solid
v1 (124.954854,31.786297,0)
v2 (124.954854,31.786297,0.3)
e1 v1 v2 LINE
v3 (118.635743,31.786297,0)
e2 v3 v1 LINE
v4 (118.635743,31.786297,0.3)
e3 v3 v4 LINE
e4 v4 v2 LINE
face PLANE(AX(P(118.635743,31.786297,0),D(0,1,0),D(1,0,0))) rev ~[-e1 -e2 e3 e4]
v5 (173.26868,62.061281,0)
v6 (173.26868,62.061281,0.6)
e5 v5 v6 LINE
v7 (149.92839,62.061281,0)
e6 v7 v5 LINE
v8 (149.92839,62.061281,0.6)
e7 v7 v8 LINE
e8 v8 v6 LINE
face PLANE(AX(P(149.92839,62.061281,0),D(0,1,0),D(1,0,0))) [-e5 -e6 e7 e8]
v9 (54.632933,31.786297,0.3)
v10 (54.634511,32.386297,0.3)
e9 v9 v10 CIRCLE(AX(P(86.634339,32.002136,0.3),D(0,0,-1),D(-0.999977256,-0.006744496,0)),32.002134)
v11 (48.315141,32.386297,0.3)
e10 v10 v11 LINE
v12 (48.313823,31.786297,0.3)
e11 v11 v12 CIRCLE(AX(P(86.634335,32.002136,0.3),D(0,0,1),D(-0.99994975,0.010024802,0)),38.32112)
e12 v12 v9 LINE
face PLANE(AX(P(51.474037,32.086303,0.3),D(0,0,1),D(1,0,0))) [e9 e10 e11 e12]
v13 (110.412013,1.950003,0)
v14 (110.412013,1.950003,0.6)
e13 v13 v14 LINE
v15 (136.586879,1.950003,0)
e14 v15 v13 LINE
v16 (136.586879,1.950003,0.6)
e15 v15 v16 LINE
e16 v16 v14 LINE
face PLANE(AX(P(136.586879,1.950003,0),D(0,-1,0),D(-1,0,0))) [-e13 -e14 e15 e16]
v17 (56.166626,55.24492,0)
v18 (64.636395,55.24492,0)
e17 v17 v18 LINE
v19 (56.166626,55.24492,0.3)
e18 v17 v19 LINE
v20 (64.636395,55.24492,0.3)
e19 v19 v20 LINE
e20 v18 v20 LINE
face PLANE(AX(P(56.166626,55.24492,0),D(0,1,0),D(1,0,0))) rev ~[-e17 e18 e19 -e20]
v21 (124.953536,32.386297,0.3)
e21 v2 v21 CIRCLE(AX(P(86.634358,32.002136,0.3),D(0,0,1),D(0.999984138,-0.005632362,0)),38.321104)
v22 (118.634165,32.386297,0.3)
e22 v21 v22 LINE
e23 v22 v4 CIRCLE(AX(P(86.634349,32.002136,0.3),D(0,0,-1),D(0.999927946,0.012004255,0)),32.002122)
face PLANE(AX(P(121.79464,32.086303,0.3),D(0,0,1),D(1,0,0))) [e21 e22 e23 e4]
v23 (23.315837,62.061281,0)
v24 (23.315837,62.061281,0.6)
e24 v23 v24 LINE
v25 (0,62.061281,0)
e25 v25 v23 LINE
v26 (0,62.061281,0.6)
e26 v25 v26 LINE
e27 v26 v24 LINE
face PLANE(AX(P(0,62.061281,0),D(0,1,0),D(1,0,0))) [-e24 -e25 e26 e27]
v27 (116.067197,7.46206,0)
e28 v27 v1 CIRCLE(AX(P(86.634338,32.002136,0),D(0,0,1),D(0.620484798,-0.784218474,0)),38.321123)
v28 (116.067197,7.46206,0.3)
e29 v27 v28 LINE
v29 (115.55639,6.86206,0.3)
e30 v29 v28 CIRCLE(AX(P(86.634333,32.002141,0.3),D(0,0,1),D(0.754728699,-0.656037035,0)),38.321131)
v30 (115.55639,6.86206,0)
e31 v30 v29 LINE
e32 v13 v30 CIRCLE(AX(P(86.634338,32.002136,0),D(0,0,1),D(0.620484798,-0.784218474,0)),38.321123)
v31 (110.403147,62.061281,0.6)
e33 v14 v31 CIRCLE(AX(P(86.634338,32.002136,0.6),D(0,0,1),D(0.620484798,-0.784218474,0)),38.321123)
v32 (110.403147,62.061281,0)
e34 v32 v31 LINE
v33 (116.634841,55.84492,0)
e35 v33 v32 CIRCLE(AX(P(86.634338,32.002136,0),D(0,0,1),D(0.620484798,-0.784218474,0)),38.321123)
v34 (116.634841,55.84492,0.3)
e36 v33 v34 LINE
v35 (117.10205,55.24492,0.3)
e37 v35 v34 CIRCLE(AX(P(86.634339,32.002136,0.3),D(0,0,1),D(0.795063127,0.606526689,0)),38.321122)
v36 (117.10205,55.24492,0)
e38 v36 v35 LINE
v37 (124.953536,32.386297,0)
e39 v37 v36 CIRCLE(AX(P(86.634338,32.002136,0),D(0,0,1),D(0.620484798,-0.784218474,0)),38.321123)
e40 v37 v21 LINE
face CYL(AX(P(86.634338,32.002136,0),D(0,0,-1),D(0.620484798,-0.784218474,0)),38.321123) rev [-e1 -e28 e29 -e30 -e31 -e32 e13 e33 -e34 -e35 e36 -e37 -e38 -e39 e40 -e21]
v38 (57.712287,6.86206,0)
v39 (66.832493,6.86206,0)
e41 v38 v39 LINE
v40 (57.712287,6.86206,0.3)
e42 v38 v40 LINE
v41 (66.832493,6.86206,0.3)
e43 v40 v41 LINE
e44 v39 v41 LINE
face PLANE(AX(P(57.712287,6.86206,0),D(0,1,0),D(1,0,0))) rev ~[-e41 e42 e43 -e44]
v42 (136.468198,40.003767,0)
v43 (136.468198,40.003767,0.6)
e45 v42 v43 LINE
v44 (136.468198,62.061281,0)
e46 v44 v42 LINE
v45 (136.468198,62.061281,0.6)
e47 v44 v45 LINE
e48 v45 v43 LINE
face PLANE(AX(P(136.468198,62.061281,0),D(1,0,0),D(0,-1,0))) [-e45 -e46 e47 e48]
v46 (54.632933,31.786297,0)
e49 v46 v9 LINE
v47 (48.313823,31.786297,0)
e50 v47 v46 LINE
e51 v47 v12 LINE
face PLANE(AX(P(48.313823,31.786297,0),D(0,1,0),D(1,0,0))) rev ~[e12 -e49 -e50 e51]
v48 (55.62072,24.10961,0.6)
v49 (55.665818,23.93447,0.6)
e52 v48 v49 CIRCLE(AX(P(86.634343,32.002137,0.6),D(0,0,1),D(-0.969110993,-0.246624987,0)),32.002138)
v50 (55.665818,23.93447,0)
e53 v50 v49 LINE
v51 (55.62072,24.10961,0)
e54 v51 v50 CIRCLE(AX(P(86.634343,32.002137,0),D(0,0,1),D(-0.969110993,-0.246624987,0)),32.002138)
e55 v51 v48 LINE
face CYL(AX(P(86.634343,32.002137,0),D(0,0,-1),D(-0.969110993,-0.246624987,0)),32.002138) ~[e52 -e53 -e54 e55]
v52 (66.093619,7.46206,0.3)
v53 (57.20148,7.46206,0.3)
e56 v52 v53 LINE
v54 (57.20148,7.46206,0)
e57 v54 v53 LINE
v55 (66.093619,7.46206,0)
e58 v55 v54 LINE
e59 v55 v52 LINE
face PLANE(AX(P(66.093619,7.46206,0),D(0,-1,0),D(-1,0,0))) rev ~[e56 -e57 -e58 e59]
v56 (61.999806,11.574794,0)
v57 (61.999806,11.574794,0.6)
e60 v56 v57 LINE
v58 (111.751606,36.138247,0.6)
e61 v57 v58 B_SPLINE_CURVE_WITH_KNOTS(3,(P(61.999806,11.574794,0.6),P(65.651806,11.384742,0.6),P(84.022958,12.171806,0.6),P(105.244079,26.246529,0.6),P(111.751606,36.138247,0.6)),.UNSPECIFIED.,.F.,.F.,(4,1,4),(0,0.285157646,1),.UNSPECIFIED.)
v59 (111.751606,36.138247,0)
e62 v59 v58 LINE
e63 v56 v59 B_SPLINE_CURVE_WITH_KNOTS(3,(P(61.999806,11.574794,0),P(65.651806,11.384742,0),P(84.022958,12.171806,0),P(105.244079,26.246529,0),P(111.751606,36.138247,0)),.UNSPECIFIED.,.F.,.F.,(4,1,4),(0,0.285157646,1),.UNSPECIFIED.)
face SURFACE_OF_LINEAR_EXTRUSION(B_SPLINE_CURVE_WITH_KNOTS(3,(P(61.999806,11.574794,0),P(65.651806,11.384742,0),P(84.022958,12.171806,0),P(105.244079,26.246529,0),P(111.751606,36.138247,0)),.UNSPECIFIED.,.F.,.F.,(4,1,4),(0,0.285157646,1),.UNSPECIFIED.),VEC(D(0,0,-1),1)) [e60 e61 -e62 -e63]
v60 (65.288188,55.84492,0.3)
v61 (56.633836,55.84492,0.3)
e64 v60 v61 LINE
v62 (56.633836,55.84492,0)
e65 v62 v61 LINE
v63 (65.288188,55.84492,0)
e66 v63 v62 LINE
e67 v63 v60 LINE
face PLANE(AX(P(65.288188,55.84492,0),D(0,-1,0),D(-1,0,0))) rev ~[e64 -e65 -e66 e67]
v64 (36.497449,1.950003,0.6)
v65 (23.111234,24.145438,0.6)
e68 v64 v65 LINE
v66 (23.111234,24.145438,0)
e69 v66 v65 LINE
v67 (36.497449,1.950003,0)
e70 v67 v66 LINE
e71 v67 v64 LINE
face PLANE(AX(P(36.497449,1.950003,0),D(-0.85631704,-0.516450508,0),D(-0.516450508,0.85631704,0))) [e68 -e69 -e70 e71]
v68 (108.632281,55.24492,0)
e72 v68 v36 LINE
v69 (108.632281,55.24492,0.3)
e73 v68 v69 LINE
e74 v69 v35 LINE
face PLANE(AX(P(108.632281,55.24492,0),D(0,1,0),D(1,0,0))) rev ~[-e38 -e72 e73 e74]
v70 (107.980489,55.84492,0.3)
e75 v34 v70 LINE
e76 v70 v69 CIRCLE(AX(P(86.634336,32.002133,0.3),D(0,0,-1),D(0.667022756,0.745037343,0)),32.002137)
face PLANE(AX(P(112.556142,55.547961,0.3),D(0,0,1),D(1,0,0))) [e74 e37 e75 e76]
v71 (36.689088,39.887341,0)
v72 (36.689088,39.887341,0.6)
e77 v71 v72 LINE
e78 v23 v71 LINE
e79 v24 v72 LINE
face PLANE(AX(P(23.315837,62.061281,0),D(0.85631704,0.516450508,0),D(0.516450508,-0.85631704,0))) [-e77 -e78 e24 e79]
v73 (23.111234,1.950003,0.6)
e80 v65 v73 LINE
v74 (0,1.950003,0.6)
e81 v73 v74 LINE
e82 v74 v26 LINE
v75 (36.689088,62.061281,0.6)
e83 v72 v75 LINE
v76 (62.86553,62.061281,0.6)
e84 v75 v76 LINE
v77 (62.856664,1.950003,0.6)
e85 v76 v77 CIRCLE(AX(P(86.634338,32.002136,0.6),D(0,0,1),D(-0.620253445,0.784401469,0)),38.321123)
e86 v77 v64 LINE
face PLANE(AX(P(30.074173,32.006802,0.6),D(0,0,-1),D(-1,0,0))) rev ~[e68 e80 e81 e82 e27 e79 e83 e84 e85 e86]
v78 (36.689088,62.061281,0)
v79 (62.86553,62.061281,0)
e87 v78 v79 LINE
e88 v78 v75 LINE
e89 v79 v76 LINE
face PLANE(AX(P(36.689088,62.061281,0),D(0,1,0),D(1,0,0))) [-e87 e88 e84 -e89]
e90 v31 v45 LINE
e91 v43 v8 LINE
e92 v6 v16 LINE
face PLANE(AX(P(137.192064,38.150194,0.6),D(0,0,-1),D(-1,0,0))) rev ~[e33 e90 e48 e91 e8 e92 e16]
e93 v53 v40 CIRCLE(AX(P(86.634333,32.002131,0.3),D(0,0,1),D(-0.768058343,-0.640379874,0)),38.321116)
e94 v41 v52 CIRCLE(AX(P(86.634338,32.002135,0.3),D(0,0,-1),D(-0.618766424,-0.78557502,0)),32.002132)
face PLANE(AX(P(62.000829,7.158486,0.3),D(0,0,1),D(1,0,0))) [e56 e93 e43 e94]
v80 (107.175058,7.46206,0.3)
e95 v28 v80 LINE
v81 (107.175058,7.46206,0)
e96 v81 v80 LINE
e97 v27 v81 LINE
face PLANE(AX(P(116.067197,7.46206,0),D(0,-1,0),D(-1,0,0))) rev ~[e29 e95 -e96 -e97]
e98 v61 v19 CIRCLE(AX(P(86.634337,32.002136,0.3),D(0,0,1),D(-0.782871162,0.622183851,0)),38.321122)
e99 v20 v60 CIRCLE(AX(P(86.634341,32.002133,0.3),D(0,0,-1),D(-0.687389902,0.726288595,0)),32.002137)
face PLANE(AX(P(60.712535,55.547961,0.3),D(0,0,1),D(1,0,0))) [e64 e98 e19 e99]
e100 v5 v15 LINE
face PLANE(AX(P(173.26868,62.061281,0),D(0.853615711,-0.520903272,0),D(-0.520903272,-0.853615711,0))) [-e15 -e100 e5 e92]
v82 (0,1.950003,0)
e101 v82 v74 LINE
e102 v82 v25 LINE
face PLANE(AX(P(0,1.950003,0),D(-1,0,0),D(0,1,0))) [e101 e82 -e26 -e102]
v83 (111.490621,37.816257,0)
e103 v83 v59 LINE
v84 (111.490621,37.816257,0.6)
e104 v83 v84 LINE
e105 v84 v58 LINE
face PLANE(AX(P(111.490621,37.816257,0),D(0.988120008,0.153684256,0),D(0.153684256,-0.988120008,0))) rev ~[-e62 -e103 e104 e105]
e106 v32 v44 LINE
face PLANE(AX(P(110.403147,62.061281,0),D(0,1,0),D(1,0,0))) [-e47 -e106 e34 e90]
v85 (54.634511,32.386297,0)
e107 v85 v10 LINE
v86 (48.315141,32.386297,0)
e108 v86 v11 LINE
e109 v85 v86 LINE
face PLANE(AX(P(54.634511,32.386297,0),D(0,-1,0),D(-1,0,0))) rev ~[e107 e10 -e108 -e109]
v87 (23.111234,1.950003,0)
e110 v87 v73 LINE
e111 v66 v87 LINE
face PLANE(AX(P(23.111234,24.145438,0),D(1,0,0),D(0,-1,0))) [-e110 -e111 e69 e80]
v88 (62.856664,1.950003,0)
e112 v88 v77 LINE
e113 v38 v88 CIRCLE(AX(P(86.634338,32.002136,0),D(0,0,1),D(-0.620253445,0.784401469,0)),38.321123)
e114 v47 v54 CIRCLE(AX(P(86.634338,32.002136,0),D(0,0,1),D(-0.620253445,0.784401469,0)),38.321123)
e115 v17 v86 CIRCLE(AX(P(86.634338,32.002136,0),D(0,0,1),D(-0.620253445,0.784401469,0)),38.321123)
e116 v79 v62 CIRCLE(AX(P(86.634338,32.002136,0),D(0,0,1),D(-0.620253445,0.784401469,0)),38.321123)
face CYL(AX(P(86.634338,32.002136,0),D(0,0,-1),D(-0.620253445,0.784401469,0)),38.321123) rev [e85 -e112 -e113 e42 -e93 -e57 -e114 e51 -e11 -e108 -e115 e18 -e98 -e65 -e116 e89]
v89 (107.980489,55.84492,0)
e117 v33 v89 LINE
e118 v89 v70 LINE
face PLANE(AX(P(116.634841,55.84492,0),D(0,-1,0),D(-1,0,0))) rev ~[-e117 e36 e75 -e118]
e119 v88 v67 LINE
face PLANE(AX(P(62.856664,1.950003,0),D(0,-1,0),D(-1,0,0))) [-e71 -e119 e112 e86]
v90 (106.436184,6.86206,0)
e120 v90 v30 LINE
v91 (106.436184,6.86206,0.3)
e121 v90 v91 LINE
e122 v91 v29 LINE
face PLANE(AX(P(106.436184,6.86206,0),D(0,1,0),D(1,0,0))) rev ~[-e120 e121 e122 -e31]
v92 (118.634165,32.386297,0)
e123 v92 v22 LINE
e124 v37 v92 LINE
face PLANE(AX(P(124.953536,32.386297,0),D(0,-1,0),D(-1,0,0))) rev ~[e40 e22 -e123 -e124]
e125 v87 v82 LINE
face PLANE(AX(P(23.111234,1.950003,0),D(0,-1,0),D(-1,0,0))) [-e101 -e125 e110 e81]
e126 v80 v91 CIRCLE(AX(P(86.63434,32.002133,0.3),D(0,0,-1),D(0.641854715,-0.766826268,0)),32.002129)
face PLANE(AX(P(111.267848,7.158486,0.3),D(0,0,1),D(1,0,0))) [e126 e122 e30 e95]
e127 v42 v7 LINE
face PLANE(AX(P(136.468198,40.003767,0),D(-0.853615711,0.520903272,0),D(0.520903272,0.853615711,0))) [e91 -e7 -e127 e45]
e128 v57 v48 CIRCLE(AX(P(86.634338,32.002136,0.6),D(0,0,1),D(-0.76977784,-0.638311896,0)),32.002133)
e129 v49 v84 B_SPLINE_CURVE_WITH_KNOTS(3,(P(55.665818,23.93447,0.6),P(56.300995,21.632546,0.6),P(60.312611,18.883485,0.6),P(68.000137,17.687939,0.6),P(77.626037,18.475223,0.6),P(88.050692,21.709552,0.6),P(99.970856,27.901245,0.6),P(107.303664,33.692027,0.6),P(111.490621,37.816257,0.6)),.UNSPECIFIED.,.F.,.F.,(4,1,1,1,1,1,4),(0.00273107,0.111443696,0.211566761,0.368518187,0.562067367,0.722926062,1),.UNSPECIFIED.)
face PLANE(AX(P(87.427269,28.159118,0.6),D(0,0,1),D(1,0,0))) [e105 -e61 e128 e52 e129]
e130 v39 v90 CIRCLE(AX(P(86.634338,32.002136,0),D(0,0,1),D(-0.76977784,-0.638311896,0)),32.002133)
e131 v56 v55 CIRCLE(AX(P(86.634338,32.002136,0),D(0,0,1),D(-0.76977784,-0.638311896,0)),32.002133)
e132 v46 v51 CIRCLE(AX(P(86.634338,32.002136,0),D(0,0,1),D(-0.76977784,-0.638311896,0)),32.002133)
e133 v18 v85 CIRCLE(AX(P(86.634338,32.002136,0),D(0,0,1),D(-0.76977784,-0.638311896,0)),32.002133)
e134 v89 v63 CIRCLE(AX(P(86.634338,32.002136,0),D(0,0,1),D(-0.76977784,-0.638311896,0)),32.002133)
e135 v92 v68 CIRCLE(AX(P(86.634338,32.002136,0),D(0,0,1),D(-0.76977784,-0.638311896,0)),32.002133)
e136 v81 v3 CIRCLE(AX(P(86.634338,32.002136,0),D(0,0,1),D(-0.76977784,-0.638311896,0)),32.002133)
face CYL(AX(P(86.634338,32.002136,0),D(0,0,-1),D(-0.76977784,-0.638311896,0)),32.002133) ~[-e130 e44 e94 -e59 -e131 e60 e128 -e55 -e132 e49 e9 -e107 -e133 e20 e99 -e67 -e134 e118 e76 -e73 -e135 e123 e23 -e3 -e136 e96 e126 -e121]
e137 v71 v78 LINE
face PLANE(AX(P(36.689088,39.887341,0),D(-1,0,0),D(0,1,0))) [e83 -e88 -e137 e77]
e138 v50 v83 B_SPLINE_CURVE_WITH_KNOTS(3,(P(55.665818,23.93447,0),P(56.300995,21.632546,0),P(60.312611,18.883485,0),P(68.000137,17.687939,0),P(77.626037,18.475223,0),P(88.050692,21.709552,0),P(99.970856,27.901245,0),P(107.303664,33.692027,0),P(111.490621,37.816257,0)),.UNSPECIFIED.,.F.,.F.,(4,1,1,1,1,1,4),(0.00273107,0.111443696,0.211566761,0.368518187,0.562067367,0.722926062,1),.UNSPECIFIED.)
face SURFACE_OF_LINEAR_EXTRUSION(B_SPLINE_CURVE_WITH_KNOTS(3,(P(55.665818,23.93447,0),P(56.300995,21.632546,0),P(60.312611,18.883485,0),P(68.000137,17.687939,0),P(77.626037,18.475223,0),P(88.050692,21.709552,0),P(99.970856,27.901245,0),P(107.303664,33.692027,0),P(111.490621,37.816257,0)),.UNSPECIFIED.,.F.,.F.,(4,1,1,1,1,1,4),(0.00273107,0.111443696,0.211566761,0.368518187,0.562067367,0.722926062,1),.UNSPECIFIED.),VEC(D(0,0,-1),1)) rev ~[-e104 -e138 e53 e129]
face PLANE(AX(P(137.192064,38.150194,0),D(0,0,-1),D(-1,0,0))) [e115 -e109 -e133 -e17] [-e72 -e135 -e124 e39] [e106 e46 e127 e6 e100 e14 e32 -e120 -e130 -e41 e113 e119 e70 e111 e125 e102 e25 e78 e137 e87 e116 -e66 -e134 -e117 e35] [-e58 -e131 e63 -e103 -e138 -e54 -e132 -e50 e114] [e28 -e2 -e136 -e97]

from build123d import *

# Parameters (mm, degrees)
BOSS_EXTRUDE1_DEPTH   = 0.6
BOSS_EXTRUDE1_2_DEPTH = 0.6
BOSS_EXTRUDE1_3_DEPTH = 0.6
BOSS_EXTRUDE2_DEPTH   = 0.3


with BuildPart() as part:
    # Sketch1 → Boss-Extrude1 (new body)
    with BuildSketch(Plane.XY):
        with BuildLine():
            ThreePointArc((62.865529661, 62.061281034), (48.313215527, 32.007787602), (62.856663932, 1.950002877))
            Line((62.856663932, 1.950002877), (36.497449361, 1.950002877))
            Line((36.497449361, 1.950002877), (23.111234398, 24.145438461))
            Line((23.111234398, 24.145438461), (23.111234398, 1.950002877))
            Line((23.111234398, 1.950002877), (0, 1.950002877))
            Line((0, 1.950002877), (0, 62.061281034))
            Line((0, 62.061281034), (23.3158368, 62.061281034))
            Line((23.3158368, 62.061281034), (36.689087616, 39.887341061))
            Line((36.689087616, 39.887341061), (36.689087616, 62.061281034))
            Line((36.689087616, 62.061281034), (62.865529661, 62.061281034))
        make_face()
    extrude(amount=BOSS_EXTRUDE1_DEPTH)



with BuildPart() as body_2:
    # Sketch1 → Boss-Extrude1 2 (new body)
    with BuildSketch(Plane.XY):
        with BuildLine():
            add(Edge.make_bspline(
                [(55.665817619, 23.934470135), (56.300995164, 21.632545966), (60.312610701, 18.883485306), (68.000137108, 17.687938813), (77.626036713, 18.475223123), (88.050691987, 21.709552098), (99.970855751, 27.901244554), (107.303663525, 33.692026699), (111.490621497, 37.816257369)],
                knots=[0.00273107, 0.00273107, 0.00273107, 0.00273107, 0.111443696, 0.211566761, 0.368518187, 0.562067367, 0.722926062, 1, 1, 1, 1], degree=3))
            Line((111.490621497, 37.816257369), (111.75160581, 36.138246697))
            add(Edge.make_bspline(
                [(61.999805678, 11.574793615), (65.651806063, 11.384741592), (84.022958412, 12.171806498), (105.244079008, 26.24652902), (111.75160581, 36.138246697)],
                knots=[0, 0, 0, 0, 0.285157646, 1, 1, 1, 1], degree=3))
            ThreePointArc((61.999805678, 11.574793615), (115.155551398, 46.516849232), (55.620719661, 24.109610138))
            ThreePointArc((55.620719661, 24.109610138), (55.643144919, 24.022008279), (55.665817619, 23.934470135))
        make_face()
    extrude(amount=BOSS_EXTRUDE1_2_DEPTH)


with BuildPart() as body_3:
    # Sketch1 → Boss-Extrude1 3 (new body)
    with BuildSketch(Plane.XY):
        with BuildLine():
            ThreePointArc((110.412012767, 1.950002877), (124.955461171, 32.007787602), (110.403147038, 62.061281034))
            Line((110.403147038, 62.061281034), (136.46819788, 62.061281034))
            Line((136.46819788, 62.061281034), (136.46819788, 40.00376678))
            Line((136.46819788, 40.00376678), (149.928389856, 62.061281034))
            Line((149.928389856, 62.061281034), (173.268679959, 62.061281034))
            Line((173.268679959, 62.061281034), (136.586879163, 1.950002877))
            Line((136.586879163, 1.950002877), (110.412012767, 1.950002877))
        make_face()
    extrude(amount=BOSS_EXTRUDE1_3_DEPTH)


with BuildPart() as part_1:
    add(part.part)

    add(body_2.part)  # Boss-Extrude2 merges body 2

    add(body_3.part)  # Boss-Extrude2 merges body 3
    # Sketch2 → Boss-Extrude2 (add)
    with BuildSketch(Plane.XY):
        with BuildLine():
            Line((65.288187558, 55.844919694), (56.63383608, 55.844919694))
            ThreePointArc((56.63383608, 55.844919694), (56.398742844, 55.546078646), (56.166626305, 55.244919694))
            Line((56.166626305, 55.244919694), (64.63639539, 55.244919694))
            ThreePointArc((64.63639539, 55.244919694), (64.960215166, 55.547175229), (65.288187558, 55.844919694))
        make_face()
        with BuildLine():
            Line((66.093618581, 7.462059575), (57.201479987, 7.462059575))
            ThreePointArc((57.201479987, 7.462059575), (57.455341197, 7.160746592), (57.7122869, 6.862059575))
            Line((57.7122869, 6.862059575), (66.83249305, 6.862059575))
            ThreePointArc((66.83249305, 6.862059575), (66.460825045, 7.159312475), (66.093618581, 7.462059575))
        make_face()
        with BuildLine():
            Line((54.634511424, 32.386297359), (48.315140731, 32.386297359))
            ThreePointArc((48.315140731, 32.386297359), (48.313307535, 32.086299938), (48.313822955, 31.786297359))
            Line((48.313822955, 31.786297359), (54.632933422, 31.786297359))
            ThreePointArc((54.632933422, 31.786297359), (54.632316231, 32.086301058), (54.634511424, 32.386297359))
        make_face()
        with BuildLine():
            Line((116.067196712, 7.462059575), (107.175058117, 7.462059575))
            ThreePointArc((107.175058117, 7.462059575), (106.807851654, 7.159312475), (106.436183649, 6.862059575))
            Line((106.436183649, 6.862059575), (115.556389799, 6.862059575))
            ThreePointArc((115.556389799, 6.862059575), (115.813335501, 7.160746592), (116.067196712, 7.462059575))
        make_face()
        with BuildLine():
            Line((124.953535967, 32.386297359), (118.634165275, 32.386297359))
            ThreePointArc((118.634165275, 32.386297359), (118.636360468, 32.086301058), (118.635743276, 31.786297359))
            Line((118.635743276, 31.786297359), (124.954853744, 31.786297359))
            ThreePointArc((124.954853744, 31.786297359), (124.955369164, 32.086299938), (124.953535967, 32.386297359))
        make_face()
        with BuildLine():
            Line((116.634840619, 55.844919694), (107.980489141, 55.844919694))
            ThreePointArc((107.980489141, 55.844919694), (108.308461533, 55.547175229), (108.632281309, 55.244919694))
            Line((108.632281309, 55.244919694), (117.102050394, 55.244919694))
            ThreePointArc((117.102050394, 55.244919694), (116.869933855, 55.546078646), (116.634840619, 55.844919694))
        make_face()
    extrude(amount=BOSS_EXTRUDE2_DEPTH)


solid = part_1.part
